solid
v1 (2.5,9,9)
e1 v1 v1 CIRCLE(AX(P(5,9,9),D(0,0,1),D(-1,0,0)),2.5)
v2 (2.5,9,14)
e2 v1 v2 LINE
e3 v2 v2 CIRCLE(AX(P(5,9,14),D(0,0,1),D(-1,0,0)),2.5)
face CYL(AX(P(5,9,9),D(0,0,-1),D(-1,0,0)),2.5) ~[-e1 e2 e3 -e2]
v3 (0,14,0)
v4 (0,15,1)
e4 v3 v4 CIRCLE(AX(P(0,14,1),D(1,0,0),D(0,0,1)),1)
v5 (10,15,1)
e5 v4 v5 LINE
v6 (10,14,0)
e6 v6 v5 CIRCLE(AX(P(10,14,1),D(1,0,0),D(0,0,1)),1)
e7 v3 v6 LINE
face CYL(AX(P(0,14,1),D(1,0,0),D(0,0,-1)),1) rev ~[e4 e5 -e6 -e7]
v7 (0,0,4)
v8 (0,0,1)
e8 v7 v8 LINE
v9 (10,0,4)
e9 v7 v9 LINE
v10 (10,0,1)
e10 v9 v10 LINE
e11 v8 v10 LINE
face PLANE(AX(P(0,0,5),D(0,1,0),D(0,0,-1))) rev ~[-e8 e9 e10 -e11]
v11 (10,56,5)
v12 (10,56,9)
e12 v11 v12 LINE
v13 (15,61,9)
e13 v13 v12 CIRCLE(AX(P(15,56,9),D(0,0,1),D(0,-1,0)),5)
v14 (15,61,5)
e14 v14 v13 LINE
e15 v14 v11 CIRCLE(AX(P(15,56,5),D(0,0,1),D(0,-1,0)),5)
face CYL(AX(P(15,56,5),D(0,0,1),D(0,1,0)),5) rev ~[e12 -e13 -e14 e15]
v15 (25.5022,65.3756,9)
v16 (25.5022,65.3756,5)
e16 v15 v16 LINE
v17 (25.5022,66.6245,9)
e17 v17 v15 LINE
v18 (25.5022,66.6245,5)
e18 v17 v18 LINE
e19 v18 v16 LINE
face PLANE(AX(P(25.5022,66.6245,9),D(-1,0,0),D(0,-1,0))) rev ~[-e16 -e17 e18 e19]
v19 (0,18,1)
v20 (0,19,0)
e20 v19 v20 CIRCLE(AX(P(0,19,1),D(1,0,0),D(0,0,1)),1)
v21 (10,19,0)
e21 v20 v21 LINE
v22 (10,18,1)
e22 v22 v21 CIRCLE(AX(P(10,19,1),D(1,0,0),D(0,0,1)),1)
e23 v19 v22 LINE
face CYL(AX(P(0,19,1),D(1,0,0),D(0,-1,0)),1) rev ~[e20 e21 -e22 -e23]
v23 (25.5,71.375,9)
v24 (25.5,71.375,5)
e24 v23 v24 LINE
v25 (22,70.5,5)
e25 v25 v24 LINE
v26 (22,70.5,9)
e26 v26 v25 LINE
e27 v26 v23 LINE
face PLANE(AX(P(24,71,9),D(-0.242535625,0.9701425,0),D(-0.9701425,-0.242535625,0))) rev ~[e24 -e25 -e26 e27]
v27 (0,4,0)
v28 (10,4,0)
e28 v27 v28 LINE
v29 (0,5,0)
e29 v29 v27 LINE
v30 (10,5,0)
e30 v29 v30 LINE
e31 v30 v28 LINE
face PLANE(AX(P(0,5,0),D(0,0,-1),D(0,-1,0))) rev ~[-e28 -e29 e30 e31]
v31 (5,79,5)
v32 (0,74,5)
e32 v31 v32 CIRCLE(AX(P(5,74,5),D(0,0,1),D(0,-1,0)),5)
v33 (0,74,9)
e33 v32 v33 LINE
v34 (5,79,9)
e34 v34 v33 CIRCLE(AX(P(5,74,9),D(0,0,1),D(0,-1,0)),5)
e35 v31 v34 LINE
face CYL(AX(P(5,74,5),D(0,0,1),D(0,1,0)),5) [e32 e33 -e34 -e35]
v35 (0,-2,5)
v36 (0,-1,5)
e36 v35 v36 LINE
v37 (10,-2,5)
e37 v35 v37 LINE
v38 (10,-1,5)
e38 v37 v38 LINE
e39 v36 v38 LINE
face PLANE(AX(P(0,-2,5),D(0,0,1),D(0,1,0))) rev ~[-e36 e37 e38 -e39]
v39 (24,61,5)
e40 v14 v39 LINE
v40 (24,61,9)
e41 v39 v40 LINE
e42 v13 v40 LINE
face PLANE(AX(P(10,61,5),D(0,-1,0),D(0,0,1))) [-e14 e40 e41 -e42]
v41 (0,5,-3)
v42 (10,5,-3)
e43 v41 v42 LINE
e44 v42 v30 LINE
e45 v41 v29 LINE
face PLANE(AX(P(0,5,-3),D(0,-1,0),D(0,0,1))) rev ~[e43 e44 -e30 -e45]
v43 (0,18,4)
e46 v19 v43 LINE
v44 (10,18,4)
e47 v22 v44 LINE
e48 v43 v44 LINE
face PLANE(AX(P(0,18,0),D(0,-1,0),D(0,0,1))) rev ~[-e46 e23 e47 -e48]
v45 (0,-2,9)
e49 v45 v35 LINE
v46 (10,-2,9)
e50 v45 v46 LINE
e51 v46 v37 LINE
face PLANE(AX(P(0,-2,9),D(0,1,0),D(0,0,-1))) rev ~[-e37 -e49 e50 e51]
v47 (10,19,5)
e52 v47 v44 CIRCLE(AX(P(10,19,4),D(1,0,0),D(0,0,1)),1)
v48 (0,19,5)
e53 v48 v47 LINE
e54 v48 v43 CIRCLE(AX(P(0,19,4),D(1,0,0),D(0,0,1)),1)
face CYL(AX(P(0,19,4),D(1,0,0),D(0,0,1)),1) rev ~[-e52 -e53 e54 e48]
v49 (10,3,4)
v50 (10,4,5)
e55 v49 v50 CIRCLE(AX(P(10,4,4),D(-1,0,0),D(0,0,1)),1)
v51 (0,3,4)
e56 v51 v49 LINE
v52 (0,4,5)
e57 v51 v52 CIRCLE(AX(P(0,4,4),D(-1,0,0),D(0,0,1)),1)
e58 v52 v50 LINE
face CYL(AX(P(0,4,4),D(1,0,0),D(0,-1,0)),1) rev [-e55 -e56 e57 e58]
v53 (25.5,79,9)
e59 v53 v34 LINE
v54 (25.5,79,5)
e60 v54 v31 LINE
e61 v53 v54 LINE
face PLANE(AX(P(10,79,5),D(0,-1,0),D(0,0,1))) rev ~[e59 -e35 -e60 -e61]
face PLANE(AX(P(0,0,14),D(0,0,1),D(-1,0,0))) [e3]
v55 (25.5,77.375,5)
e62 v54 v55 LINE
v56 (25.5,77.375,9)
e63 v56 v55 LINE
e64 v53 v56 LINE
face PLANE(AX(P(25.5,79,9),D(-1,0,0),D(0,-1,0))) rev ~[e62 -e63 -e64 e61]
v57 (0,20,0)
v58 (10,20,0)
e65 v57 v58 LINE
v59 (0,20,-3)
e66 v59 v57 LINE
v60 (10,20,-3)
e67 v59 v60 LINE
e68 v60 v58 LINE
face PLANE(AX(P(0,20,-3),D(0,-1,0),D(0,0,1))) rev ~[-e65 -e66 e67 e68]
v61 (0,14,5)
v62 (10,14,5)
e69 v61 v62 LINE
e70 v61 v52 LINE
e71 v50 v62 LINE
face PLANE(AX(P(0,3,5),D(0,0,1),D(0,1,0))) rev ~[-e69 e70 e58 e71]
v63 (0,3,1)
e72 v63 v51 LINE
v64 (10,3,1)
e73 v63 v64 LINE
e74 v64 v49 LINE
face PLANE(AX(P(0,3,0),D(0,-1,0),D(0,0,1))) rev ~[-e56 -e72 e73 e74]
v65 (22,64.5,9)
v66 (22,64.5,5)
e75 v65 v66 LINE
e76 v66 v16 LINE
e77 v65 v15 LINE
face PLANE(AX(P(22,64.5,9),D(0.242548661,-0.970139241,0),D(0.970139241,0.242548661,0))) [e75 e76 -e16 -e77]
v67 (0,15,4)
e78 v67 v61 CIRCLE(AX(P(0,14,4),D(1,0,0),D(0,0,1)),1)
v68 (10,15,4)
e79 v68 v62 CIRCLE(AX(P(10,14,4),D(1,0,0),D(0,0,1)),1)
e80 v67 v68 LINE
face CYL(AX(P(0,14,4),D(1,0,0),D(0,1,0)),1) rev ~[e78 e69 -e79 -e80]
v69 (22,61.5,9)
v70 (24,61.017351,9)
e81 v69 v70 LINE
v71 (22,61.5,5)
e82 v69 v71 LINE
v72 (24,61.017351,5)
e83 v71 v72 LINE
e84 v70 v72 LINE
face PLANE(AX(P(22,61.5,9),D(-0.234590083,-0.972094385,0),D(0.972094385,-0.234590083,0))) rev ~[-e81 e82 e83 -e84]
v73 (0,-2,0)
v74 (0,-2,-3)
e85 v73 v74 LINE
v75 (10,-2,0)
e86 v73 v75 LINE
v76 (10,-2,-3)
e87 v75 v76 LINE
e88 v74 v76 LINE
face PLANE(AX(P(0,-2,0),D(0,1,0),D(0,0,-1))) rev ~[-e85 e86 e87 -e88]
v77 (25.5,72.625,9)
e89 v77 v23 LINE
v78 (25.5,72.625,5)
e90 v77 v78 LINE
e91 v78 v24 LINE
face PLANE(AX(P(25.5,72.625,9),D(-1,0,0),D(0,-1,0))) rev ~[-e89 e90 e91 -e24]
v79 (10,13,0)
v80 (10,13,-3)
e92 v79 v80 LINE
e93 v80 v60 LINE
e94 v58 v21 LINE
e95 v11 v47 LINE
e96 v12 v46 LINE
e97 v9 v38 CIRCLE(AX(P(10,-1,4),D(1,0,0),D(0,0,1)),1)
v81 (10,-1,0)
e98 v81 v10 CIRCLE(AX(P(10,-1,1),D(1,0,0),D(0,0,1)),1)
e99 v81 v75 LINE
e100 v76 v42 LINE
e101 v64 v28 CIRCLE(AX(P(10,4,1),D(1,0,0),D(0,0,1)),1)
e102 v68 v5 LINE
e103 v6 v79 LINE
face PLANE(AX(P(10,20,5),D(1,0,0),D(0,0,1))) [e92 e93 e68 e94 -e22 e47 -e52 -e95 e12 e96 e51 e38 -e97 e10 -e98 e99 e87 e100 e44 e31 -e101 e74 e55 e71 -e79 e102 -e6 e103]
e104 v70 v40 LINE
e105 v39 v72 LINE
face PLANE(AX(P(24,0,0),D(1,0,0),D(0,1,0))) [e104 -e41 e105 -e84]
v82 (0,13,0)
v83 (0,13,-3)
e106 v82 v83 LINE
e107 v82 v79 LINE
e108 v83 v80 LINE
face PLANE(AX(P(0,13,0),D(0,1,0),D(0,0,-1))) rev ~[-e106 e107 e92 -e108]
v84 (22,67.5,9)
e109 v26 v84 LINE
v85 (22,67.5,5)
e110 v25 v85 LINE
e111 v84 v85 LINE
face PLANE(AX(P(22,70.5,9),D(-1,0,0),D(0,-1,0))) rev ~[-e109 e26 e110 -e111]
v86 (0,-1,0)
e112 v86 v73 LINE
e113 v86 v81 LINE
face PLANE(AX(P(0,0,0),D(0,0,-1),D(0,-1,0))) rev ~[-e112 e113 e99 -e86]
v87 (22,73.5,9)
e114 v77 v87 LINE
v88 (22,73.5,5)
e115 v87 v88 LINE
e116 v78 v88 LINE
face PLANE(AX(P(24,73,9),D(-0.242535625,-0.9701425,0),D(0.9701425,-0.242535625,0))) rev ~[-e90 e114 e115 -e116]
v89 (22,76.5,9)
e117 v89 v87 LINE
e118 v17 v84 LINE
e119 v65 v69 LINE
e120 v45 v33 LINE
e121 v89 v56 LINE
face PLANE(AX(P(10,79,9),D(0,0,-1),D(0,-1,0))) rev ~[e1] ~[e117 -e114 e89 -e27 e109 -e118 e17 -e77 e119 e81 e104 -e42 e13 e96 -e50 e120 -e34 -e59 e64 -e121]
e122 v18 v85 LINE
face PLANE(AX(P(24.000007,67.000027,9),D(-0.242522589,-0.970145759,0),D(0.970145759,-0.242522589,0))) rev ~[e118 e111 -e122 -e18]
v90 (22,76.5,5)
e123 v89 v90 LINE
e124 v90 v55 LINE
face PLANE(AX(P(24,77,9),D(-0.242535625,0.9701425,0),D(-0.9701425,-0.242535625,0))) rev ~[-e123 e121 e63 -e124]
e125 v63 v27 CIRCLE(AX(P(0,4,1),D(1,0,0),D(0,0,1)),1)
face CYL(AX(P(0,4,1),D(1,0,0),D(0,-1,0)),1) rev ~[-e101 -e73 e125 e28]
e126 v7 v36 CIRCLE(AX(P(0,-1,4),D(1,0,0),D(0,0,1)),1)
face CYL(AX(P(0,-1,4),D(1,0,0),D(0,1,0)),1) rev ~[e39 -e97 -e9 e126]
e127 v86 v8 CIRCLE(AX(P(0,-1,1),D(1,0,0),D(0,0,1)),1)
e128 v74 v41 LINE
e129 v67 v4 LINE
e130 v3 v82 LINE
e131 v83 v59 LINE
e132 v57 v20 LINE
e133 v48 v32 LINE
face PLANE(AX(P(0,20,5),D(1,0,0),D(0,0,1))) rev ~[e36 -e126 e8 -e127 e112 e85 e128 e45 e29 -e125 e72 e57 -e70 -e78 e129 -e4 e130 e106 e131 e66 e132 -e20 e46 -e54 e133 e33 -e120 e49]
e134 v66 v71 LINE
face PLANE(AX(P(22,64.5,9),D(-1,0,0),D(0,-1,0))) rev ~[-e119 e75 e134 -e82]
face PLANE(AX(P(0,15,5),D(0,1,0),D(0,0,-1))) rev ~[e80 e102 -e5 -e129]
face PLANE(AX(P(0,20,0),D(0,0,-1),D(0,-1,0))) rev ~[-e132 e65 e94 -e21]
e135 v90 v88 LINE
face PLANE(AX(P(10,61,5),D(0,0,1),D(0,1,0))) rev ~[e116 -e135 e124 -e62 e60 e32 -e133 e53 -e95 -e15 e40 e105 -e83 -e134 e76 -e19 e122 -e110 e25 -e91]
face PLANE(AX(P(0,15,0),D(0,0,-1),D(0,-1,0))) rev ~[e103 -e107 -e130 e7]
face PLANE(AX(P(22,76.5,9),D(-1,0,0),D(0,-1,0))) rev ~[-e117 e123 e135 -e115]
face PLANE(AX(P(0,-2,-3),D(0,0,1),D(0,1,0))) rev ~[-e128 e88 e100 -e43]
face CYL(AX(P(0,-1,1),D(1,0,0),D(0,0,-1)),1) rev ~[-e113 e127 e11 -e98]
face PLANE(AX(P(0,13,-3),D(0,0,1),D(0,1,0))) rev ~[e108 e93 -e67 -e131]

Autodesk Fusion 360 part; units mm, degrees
sketch "Sketch1" plane through (0, 0, 0) normal (1, 0, 0) x (0, 1, 0)
  line L0 (0, 0) -> (0, 5) construction
  line L1 (0, 5) -> (3, 5) construction
  line L2 (3, 5) -> (3, 0) construction
  line L3 (3, 0) -> (0, 0) construction
  line L4 (0, 5) -> (-2, 5) construction
  line L5 (-2, 5) -> (-2, 9) construction
  line L6 (0, 0) -> (-2, 0) construction
  line L7 (-2, 0) -> (-2, -3) construction
  line L8 (-2, -3) -> (5, -3) construction
  line L9 (5, -3) -> (5, 0) construction
  line L10 (5, 0) -> (3, 0) construction
  line L11 (3, 5) -> (5, 5) construction
  line L12 (5, 5) -> (5, 9) construction
  line L13 (-2, 9) -> (5, 9) construction
  line L14 (-2, 5) -> (0, 5)
  line L15 (0, 5) -> (0, 0)
  line L16 (0, 0) -> (-2, 0)
  line L17 (-2, 0) -> (-2, -3)
  line L18 (-2, -3) -> (5, -3)
  line L19 (5, -3) -> (5, 0)
  line L20 (5, 0) -> (3, 0)
  line L21 (3, 0) -> (3, 5)
  line L22 (3, 5) -> (5, 5)
  line L23 (5, 5) -> (5, 9)
  line L24 (5, 9) -> (-2, 9)
  line L25 (-2, 9) -> (-2, 5)
  line L26 (-2, 5) -> (0, 5)
  line L27 (5, 9) -> (-2, 9)
  line L28 (-2, 0) -> (-2, -3)
  line L29 (3, 5) -> (5, 5) construction
  line L30 (5, 5) -> (5, 9) construction
  line L31 (5, 0) -> (3, 0)
  line L32 (-2, 0) -> (-2, -3) construction
  line L33 (5, 0) -> (3, 0) construction
  line L34 (-2, 9) -> (5, 9) construction
  line L35 (-2, -3) -> (5, -3) construction
  line L36 (-2, -3) -> (5, -3)
  line L37 (-2, 9) -> (-2, 5)
  line L38 (5, -3) -> (5, 0) construction
  line L39 (3, 5) -> (3, 0) construction
  line L40 (5, -3) -> (5, 0)
  line L41 (0, 0) -> (-2, 0)
  line L42 (3, 0) -> (3, 5)
  line L43 (0, 0) -> (-2, 0) construction
  line L44 (-2, 5) -> (-2, 9) construction
  line L45 (0, 5) -> (3, 5) construction
  line L46 (3, 5) -> (5, 5)
  line L47 (5, 5) -> (5, 9)
  line L48 (0, 0) -> (0, 5) construction
  line L49 (3, 0) -> (0, 0) construction
  line L50 (0, 5) -> (-2, 5) construction
  line L51 (0, 5) -> (0, 0)
  line L52 (13, 5) -> (15, 5)
  line L53 (20, 9) -> (13, 9)
  line L54 (13, 0) -> (13, -3)
  line L55 (18, 5) -> (20, 5) construction
  line L56 (20, 5) -> (20, 9) construction
  line L57 (20, 0) -> (18, 0)
  line L58 (13, 0) -> (13, -3) construction
  line L59 (20, 0) -> (18, 0) construction
  line L60 (13, 9) -> (20, 9) construction
  line L61 (13, -3) -> (20, -3) construction
  line L62 (13, -3) -> (20, -3)
  line L63 (13, 9) -> (13, 5)
  line L64 (20, -3) -> (20, 0) construction
  line L65 (18, 5) -> (18, 0) construction
  line L66 (20, -3) -> (20, 0)
  line L67 (15, 0) -> (13, 0)
  line L68 (18, 0) -> (18, 5)
  line L69 (15, 0) -> (13, 0) construction
  line L70 (13, 5) -> (13, 9) construction
  line L71 (15, 5) -> (18, 5) construction
  line L72 (18, 5) -> (20, 5)
  line L73 (20, 5) -> (20, 9)
  line L74 (15, 0) -> (15, 5) construction
  line L75 (18, 0) -> (15, 0) construction
  line L76 (15, 5) -> (13, 5) construction
  line L77 (15, 5) -> (15, 0)
  point P0 (15, 0)
  dimension "d1" = 5
  dimension "d2" = 3
  dimension "d3" = 2
  dimension "d4" = 4
  dimension "d5" = 3
  dimension "d6" = 2
  dimension "d7" = 4
  dimension "d8" = 5
  dimension "d9" = 3
  dimension "d10" = 2
  dimension "d11" = 4
  dimension "d12" = 3
  dimension "d13" = 2
  dimension "d14" = 4
  dimension "d15" = 5
  dimension "d16" = 3
  dimension "d17" = 2
  dimension "d18" = 4
  dimension "d19" = 3
  dimension "d20" = 2
  dimension "d21" = 4
extrude "Extrude1" add sketch "Sketch1" along normal blind 10 makes body 1 at (6.6667, 0.3333, -3) makes body 2 at (3.3333, 15.3333, -3)
extrude "Extrude2" add 1 faces at (3.3333, 5, 6.3333) along direction (0, 1, 0) blind 8 on bodies 1 bodies 1 2
fillet "Fillet1" radius 1 1 edges at (5, 18, 5) on bodies 1
fillet "Fillet2" radius 1 1 edges at (5, 18, 0) on bodies 1
fillet "Fillet3" radius 1 1 edges at (5, 15, 0) on bodies 1
fillet "Fillet4" radius 1 1 edges at (5, 15, 5) on bodies 1
fillet "Fillet5" radius 1 1 edges at (5, 3, 0) on bodies 1
fillet "Fillet6" radius 1 1 edges at (5, 0, 0) on bodies 1
fillet "Fillet7" radius 1 1 edges at (5, 0, 5) on bodies 1
fillet "Fillet8" radius 1 1 edges at (5, 3, 5) on bodies 1
extrude "Extrude3" add 1 faces at (3.3333, 20, 6.3333) along direction (0, 1, 0) blind 59 on bodies 1 bodies 1
sketch "Sketch2" plane through (0, 0, 9) normal (0, 0, 1) x (-1, 0, 0)
  line L0 (0, -5) -> (-10, -5)
  line L1 (-10, -5) -> (-10, -13)
  line L2 (-10, -13) -> (0, -13)
  line L3 (0, -13) -> (0, -5)
  line L4 (-5, -13) -> (-5, -9) construction
  circle A0 centre (-5, -9) radius 2.5
  dimension "d44" = 5
extrude "Extrude4" add sketch "Sketch2" along normal blind 5 contours A0 bodies 1
sketch "Sketch3" plane through (10, 0, 0) normal (1, 0, 0) x (0, 1, 0)
  line L0 (0, 4) -> (0, 1)
  arc A0 (-1, 0) -> (0, 1) centre (-1, 1) ccw
  line L1 (-1, 0) -> (-2, 0)
  line L2 (-2, 0) -> (-2, -3)
  line L3 (-2, -3) -> (5, -3)
  line L4 (5, -3) -> (5, 0)
  line L5 (5, 0) -> (4, 0)
  arc A1 (3, 1) -> (4, 0) centre (4, 1) ccw
  line L6 (3, 1) -> (3, 4)
  arc A2 (4, 5) -> (3, 4) centre (4, 4) ccw
  line L7 (4, 5) -> (14, 5)
  arc A3 (15, 4) -> (14, 5) centre (14, 4) ccw
  line L8 (15, 4) -> (15, 1)
  arc A4 (14, 0) -> (15, 1) centre (14, 1) ccw
  line L9 (14, 0) -> (13, 0)
  line L10 (13, 0) -> (13, -3)
  line L11 (13, -3) -> (20, -3)
  line L12 (20, -3) -> (20, 0)
  line L13 (20, 0) -> (19, 0)
  arc A5 (18, 1) -> (19, 0) centre (19, 1) ccw
  line L14 (18, 1) -> (18, 4)
  arc A6 (19, 5) -> (18, 4) centre (19, 4) ccw
  line L15 (19, 5) -> (79, 5)
  line L16 (79, 5) -> (79, 9)
  line L17 (79, 9) -> (20, 9)
  line L18 (20, 9) -> (13, 9)
  line L19 (13, 9) -> (5, 9)
  line L20 (5, 9) -> (-2, 9)
  line L21 (-2, 9) -> (-2, 5)
  line L22 (-2, 5) -> (-1, 5)
  arc A7 (0, 4) -> (-1, 5) centre (-1, 4) ccw
  line L23 (79, 5) -> (61, 5)
  line L24 (61, 5) -> (61, 9)
  line L25 (61, 9) -> (79, 9)
  line L26 (79, 9) -> (79, 5)
  dimension "d47" = 18
extrude "Extrude5" add sketch "Sketch3" along normal blind 14 contours L15 L16 L17 L23 L24 L25 L26 bodies 1
fillet "Fillet9" radius 5 1 edges at (10, 61, 7) on bodies 1
fillet "Fillet10" radius 5 1 edges at (0, 79, 7) on bodies 1
sketch "Sketch4" plane through (0, 0, 9) normal (0, 0, 1) x (-1, 0, 0)
  arc A0 (-5, -79) -> (0, -74) centre (-5, -74) ccw
  line L0 (0, -74) -> (0, -20)
  line L1 (0, -20) -> (-10, -20)
  line L2 (-10, -20) -> (-10, -56)
  arc A1 (-15, -61) -> (-10, -56) centre (-15, -56) ccw
  line L3 (-15, -61) -> (-24, -61)
  line L4 (-24, -61) -> (-24, -79)
  line L5 (-24, -79) -> (-5, -79)
  line L6 (-22, -79) -> (-26, -79) construction
  line L7 (-26, -79) -> (-26, -61) construction
  line L8 (-26, -61) -> (-22, -61) construction
  line L9 (-22, -61) -> (-22, -79) construction
  line L10 (-26, -79) -> (-26, -77) construction
  line L11 (-26, -77) -> (-22, -76) construction
  line L12 (-22, -74) -> (-26, -73) construction
  line L13 (-26, -71) -> (-22, -70) construction
  line L14 (-22, -68) -> (-26, -67) construction
  line L15 (-26, -65) -> (-22, -64) construction
  line L16 (-22, -62) -> (-26, -61) construction
  line L17 (-26, -77) -> (-26, -77.5) construction
  line L18 (-22, -76) -> (-22, -76.5) construction
  line L19 (-26, -79) -> (-25.5, -79) construction
  line L20 (-26, -77.5) -> (-22, -76.5) construction
  line L21 (-25.5, -79) -> (-25.5, -77.375) construction
  line L22 (-26, -73) -> (-26, -72.5) construction
  line L23 (-22, -73.5) -> (-26, -72.5) construction
  line L24 (-26, -71.5) -> (-22, -70.5) construction
  line L25 (-22, -67.5) -> (-26, -66.5) construction
  line L26 (-22, -64.5) -> (-26, -65.5) construction
  line L27 (-22, -61.5) -> (-26, -60.5) construction
  line L28 (-25.5009, -60.6248) -> (-25.5009, -61.1248) construction
  line L29 (-25.5, -79) -> (-25.5, -77.375)
  line L30 (-25.5, -77.375) -> (-22, -76.5)
  line L31 (-25.5, -72.625) -> (-25.5, -71.375)
  line L32 (-22, -73.5) -> (-25.5, -72.625)
  line L33 (-25.5, -71.375) -> (-22, -70.5)
  line L34 (-25.5022, -66.6245) -> (-25.5022, -65.3756)
  line L35 (-22, -67.5) -> (-25.5022, -66.6245)
  line L36 (-22, -64.5) -> (-25.5022, -65.3756)
  line L37 (-22, -61.5) -> (-24.0719, -61)
  line L38 (-25.5, -79) -> (-22, -79)
  line L39 (-22, -79) -> (-22, -76.5)
  line L40 (-22, -73.5) -> (-22, -70.5)
  line L41 (-22, -67.5) -> (-22, -64.5)
  line L42 (-22, -61.5) -> (-22, -61)
  line L43 (-22, -61) -> (-24, -61)
  line L44 (-22, -70.5) -> (-22, -67.5)
  line L45 (-24, -71) -> (-24, -67)
  line L46 (-24, -65) -> (-24, -61)
  line L47 (-22, -64.5) -> (-22, -61.5)
  line L48 (-22, -76.5) -> (-22, -73.5)
  line L49 (-24, -77) -> (-24, -73)
  dimension "d54" = 0.5
  dimension "d55" = 0.5
extrude "Extrude6" add sketch "Sketch4" against normal blind 4 contours L4 L29 L30 L38 | L4 L31 L32 L33 | L4 L34 L35 L36 bodies 1
extrude "Extrude7" cut sketch "Sketch4" against normal blind 4 contours L4 L30 L32 L48 L49 | L4 L33 L35 L44 L45 | L4 L36 L37 L46 L47 bodies 1
